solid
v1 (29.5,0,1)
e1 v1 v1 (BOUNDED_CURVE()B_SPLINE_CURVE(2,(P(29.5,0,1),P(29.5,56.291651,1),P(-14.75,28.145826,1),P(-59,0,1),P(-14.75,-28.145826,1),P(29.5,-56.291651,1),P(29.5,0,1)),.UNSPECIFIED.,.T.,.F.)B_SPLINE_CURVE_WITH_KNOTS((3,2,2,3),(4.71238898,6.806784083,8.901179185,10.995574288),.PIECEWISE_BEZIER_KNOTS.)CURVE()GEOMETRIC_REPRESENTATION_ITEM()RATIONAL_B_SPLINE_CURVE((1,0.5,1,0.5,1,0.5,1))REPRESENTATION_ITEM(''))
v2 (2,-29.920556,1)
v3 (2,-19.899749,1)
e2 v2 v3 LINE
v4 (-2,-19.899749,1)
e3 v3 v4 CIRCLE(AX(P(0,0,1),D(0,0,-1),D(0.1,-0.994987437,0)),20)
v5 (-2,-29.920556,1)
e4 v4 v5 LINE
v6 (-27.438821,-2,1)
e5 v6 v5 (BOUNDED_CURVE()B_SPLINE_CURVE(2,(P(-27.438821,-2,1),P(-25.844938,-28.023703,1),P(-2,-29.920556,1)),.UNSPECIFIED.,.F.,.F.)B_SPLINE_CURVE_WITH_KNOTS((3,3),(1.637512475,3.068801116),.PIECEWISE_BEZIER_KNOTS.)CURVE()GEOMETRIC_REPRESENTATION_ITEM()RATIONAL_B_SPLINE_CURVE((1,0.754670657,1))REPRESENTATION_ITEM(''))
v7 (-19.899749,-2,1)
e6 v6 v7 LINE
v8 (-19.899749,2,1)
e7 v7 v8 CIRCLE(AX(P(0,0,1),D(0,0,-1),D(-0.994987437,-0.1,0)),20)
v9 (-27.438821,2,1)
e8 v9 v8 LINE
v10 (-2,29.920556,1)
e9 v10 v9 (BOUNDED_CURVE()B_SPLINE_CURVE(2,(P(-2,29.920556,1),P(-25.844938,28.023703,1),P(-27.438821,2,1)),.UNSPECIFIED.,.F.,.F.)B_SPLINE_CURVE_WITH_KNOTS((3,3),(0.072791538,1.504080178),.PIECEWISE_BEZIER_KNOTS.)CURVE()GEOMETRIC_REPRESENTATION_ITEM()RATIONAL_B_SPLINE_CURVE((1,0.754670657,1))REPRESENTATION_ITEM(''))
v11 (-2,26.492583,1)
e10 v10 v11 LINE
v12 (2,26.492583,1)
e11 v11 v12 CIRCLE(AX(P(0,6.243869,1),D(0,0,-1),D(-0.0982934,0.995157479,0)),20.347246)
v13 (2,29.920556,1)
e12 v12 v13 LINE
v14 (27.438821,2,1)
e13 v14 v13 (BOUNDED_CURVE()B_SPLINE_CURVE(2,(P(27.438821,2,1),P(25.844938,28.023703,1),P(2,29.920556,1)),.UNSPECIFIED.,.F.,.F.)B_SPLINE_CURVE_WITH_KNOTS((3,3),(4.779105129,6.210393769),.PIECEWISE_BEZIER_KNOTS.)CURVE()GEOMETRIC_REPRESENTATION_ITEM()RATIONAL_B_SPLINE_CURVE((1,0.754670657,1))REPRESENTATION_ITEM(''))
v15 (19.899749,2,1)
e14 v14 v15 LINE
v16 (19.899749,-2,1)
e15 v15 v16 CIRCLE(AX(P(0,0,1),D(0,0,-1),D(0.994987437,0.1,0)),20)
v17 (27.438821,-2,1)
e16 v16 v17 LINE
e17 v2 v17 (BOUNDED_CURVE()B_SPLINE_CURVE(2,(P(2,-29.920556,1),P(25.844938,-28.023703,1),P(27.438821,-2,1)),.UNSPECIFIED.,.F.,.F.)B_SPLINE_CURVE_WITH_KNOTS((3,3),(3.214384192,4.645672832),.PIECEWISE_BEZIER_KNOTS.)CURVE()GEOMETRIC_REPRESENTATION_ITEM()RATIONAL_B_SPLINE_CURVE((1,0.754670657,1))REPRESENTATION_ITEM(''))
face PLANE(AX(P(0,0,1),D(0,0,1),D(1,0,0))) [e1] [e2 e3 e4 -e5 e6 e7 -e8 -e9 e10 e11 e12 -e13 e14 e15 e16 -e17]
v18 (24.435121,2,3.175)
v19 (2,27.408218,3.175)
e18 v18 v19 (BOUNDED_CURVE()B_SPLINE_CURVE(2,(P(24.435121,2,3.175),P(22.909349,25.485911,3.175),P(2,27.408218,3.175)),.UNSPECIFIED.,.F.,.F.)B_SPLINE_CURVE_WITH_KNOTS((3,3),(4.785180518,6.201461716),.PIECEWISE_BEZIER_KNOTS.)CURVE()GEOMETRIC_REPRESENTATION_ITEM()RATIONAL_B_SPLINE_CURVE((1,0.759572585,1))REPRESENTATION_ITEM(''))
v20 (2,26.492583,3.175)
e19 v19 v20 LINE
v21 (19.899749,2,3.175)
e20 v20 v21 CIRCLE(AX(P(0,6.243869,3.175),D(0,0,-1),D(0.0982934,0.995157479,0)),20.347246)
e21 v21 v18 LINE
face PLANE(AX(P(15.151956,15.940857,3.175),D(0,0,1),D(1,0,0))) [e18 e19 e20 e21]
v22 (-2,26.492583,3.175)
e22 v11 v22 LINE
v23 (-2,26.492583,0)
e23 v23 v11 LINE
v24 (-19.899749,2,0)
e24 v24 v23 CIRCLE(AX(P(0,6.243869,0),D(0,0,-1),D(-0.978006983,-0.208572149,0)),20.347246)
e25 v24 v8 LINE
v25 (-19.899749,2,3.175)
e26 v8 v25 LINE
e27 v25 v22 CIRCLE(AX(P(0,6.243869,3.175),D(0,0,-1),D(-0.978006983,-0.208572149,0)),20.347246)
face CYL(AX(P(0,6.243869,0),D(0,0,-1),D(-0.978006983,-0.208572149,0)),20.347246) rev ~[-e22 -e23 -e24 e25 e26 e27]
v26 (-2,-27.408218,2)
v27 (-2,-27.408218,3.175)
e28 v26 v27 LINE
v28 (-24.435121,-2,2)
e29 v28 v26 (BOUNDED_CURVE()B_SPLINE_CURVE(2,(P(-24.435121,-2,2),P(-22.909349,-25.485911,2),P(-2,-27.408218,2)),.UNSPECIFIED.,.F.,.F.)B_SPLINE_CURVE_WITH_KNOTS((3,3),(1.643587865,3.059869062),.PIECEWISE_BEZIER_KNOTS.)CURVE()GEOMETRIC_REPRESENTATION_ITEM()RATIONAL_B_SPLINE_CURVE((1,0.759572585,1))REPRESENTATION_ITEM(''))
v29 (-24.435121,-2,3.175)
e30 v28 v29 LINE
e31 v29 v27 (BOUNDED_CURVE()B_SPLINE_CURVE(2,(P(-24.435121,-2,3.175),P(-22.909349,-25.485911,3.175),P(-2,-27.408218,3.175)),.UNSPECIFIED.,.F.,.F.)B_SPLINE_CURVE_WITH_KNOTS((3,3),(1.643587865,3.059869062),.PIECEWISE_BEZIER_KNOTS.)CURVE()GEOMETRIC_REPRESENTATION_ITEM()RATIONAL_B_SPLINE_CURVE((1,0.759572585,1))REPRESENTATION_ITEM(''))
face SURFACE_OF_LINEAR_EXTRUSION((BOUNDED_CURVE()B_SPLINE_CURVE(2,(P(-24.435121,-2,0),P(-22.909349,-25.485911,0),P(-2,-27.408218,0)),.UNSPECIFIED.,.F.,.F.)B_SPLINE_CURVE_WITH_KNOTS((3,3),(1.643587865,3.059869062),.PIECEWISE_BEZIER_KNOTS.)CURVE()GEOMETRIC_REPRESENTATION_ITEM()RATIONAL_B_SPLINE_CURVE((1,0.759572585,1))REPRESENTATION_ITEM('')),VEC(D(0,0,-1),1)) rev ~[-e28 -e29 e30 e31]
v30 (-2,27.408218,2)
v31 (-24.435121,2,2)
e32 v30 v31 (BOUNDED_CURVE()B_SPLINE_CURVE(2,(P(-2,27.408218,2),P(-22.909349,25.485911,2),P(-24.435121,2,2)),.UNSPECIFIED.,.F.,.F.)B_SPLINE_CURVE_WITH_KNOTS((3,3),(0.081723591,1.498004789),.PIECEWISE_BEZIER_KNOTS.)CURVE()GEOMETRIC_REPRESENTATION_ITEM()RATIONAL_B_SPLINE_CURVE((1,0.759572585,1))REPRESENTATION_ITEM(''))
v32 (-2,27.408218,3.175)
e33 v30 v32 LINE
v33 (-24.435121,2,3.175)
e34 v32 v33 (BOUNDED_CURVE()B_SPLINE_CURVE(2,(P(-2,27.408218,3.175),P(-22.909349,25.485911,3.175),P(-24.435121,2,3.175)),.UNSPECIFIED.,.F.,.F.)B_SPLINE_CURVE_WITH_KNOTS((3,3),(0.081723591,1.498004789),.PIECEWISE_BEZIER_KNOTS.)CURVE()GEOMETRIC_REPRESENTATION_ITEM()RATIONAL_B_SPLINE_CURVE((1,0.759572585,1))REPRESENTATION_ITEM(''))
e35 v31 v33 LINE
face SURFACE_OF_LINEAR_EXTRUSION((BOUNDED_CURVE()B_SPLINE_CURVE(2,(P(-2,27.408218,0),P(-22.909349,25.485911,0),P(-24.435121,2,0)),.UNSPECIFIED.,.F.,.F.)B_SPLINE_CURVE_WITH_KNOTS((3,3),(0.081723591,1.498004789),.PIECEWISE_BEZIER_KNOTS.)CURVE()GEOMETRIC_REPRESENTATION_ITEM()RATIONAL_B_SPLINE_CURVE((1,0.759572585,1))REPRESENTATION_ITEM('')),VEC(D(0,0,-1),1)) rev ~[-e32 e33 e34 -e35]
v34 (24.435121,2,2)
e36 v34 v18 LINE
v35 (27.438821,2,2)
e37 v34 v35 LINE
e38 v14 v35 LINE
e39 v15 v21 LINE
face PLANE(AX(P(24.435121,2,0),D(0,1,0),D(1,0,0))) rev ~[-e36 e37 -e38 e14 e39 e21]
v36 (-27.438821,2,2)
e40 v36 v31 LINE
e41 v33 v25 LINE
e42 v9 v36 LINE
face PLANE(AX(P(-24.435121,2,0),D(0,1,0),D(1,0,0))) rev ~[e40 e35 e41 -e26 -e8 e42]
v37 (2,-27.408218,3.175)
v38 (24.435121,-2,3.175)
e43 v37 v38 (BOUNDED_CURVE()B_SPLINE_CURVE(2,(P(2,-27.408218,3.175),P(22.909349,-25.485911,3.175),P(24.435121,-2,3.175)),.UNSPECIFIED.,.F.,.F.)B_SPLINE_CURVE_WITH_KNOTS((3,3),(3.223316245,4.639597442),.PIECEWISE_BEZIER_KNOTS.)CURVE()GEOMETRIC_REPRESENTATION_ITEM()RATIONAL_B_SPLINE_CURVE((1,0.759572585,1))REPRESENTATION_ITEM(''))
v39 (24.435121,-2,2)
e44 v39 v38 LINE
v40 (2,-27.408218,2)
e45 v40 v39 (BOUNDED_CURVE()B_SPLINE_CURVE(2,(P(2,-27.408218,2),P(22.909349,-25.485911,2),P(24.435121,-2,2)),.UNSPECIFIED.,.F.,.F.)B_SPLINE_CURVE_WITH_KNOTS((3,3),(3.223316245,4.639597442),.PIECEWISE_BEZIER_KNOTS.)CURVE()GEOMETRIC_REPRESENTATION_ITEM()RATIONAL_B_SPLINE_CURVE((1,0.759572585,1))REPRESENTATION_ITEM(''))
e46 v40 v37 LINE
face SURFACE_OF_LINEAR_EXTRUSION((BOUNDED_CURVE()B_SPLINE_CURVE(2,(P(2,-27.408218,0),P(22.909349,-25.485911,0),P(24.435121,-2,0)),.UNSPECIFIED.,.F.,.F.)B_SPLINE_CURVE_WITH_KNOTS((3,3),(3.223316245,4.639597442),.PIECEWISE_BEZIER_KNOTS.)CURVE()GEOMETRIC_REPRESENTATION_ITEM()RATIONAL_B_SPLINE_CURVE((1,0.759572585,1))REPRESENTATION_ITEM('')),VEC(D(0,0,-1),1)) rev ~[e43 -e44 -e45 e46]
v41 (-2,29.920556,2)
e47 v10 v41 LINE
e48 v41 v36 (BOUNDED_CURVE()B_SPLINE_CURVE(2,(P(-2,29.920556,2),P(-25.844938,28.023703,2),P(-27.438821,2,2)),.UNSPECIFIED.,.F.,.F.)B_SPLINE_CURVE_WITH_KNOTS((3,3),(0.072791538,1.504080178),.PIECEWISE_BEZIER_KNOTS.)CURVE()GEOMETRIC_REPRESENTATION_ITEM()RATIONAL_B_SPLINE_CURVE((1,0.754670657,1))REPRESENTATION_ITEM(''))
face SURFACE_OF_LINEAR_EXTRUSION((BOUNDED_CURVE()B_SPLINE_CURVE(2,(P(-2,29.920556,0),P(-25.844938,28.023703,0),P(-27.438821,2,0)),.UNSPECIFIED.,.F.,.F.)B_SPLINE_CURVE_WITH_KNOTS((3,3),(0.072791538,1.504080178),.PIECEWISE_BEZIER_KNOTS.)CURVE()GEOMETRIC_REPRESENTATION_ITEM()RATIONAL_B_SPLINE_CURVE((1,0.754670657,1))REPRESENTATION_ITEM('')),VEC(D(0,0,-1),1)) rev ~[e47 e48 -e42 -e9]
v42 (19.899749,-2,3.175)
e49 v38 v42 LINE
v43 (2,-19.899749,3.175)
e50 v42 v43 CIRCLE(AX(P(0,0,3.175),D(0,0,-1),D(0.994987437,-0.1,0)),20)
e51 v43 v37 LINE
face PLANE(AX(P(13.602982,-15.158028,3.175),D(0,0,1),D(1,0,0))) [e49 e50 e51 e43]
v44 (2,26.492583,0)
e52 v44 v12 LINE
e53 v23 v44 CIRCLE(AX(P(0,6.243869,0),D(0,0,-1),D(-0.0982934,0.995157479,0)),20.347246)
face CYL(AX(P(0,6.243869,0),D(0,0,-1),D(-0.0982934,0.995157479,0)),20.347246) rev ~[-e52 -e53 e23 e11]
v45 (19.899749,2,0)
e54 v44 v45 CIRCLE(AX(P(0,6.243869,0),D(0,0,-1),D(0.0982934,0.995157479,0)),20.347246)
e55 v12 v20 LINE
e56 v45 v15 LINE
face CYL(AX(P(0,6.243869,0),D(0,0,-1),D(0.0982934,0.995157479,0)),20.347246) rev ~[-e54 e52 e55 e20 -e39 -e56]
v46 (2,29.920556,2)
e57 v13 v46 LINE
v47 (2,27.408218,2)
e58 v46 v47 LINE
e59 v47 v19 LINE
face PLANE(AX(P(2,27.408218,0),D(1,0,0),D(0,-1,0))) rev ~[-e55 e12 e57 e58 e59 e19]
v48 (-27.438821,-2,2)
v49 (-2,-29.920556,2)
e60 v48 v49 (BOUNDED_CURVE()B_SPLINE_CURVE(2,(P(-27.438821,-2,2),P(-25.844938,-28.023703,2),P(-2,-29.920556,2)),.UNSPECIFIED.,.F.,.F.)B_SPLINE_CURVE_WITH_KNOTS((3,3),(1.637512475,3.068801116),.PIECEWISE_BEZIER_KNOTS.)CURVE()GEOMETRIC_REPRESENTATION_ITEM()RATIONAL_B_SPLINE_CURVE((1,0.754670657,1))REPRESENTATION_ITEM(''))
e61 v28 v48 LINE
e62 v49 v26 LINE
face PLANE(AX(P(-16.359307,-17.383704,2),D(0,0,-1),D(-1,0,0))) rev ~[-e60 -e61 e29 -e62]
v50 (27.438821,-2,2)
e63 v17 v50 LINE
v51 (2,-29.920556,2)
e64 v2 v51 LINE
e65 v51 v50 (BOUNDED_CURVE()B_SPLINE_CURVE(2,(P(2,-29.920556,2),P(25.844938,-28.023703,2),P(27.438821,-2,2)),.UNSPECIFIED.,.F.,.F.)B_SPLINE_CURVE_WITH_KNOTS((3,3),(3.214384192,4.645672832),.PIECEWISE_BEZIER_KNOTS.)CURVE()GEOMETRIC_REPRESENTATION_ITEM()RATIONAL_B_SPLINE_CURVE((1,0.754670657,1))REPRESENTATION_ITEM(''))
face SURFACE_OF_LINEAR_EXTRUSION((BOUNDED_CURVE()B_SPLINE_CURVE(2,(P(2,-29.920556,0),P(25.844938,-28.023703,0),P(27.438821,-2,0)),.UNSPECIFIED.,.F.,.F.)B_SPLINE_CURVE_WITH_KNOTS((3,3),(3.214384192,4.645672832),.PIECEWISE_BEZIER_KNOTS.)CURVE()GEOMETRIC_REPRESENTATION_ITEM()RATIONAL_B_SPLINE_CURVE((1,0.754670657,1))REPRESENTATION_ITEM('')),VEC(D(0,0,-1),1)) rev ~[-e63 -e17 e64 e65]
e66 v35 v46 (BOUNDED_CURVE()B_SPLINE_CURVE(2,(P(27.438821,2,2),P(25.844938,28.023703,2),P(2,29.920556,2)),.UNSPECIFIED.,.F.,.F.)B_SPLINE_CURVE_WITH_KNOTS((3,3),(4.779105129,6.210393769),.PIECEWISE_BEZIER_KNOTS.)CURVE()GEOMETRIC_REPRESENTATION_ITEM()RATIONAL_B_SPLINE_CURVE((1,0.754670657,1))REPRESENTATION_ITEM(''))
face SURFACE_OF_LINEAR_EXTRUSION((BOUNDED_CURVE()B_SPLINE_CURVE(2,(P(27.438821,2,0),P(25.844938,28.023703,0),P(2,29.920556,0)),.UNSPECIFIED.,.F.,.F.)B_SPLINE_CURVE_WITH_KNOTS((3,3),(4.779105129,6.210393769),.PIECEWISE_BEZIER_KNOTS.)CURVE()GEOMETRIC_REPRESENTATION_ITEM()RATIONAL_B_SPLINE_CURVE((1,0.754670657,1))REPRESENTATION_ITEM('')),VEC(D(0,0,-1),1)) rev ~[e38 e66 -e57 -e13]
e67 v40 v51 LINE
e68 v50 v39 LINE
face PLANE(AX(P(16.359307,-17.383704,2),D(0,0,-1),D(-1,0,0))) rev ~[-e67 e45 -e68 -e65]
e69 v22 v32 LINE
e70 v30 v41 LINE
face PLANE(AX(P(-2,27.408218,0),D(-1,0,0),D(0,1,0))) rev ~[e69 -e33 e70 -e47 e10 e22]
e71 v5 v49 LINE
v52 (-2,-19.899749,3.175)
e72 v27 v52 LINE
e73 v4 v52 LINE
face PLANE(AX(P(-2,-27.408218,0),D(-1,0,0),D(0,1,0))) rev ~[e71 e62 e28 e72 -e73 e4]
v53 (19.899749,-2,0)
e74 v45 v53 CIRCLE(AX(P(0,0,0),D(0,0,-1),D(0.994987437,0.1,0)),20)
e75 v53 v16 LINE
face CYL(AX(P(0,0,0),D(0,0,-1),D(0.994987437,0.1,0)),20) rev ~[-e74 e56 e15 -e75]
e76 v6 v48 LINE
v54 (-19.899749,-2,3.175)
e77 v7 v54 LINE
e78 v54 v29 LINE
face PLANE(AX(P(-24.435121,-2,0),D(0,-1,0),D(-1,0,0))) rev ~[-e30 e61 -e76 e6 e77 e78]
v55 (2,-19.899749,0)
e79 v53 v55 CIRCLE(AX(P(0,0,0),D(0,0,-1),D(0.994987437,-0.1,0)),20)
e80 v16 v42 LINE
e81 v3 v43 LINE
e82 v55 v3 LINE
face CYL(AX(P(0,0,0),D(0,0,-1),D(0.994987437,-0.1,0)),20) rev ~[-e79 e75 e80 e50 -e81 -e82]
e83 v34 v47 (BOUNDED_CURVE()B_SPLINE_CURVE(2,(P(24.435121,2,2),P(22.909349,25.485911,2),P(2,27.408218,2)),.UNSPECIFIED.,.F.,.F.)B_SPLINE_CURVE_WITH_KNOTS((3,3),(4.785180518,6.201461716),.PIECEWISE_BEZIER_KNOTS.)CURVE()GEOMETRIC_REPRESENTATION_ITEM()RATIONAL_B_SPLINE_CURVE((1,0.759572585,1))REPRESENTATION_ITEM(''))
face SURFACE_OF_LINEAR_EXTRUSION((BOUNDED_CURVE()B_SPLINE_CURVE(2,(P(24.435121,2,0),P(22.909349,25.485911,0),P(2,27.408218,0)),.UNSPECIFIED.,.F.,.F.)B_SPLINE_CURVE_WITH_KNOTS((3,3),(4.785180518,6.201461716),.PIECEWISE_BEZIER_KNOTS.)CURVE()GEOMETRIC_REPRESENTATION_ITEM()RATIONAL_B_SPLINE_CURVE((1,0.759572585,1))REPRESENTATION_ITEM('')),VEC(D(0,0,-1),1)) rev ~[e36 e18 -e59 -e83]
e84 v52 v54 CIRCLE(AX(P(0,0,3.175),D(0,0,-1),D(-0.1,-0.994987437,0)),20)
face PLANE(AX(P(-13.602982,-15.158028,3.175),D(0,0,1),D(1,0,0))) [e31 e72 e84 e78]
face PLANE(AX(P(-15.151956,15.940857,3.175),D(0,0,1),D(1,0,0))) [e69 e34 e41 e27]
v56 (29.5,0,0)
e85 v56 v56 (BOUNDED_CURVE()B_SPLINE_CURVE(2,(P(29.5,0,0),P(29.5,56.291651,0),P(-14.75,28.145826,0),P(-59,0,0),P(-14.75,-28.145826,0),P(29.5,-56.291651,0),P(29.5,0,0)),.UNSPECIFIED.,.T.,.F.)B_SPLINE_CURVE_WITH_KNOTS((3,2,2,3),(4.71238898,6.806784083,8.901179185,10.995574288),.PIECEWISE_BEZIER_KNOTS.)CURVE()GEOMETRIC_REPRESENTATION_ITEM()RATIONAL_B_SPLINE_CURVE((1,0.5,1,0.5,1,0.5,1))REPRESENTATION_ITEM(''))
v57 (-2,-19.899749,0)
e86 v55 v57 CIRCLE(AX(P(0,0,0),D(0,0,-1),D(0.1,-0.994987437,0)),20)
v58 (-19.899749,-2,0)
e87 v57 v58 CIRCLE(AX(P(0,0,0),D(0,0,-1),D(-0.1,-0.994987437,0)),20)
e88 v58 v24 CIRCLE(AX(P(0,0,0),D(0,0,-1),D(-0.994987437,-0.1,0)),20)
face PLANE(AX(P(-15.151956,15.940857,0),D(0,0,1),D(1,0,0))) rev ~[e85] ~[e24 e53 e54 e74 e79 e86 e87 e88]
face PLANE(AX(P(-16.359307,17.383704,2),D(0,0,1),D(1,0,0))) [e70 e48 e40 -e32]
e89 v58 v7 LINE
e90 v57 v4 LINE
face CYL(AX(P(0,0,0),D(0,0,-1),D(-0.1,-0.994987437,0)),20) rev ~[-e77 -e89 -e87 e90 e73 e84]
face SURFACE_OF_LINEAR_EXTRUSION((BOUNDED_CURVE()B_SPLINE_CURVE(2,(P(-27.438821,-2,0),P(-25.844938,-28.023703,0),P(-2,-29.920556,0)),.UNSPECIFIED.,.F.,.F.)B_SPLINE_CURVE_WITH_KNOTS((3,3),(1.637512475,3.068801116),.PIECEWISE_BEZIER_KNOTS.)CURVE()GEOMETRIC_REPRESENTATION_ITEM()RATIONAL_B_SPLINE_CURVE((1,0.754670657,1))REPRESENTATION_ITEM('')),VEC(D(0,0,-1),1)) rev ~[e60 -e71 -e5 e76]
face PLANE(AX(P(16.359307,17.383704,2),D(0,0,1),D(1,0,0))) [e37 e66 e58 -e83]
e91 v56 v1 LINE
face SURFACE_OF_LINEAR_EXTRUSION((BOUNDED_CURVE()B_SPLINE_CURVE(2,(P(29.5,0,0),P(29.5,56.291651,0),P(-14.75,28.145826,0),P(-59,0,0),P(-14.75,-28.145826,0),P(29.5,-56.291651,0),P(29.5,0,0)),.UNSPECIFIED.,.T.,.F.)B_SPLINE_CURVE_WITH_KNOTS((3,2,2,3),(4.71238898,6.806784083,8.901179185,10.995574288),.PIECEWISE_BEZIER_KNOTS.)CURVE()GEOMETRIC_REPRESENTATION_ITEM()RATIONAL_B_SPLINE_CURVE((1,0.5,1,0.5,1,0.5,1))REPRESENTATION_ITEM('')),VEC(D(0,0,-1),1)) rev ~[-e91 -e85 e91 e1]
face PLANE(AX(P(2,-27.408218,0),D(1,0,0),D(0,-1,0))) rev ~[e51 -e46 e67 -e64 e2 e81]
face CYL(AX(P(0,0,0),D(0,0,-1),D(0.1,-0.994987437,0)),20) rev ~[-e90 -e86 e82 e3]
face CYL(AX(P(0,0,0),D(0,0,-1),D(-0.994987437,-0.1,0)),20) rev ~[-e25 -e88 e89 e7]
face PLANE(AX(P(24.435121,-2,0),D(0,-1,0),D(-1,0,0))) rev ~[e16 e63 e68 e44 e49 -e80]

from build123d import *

# Parameters (mm, degrees)
F1_DEPTH = 1
F2_DEPTH = 2
F3_DEPTH = 3.175


with BuildPart() as f1:
    # F0 (on Top) → F1 (new body)
    with BuildSketch(Plane.XY):
        with BuildLine():
            add(Edge.make_bspline(
                [(29.5, 0), (29.5, 56.291651246), (-14.75, 28.145825623), (-59, 0), (-14.75, -28.145825623), (29.5, -56.291651246), (29.5, 0)],
                knots=[4.7123889804, 4.7123889804, 4.7123889804, 6.8067840828, 6.8067840828, 8.9011791852, 8.9011791852, 10.9955742876, 10.9955742876, 10.9955742876], degree=2, weights=[1, 0.5, 1, 0.5, 1, 0.5, 1]))
        make_face()
        with BuildLine():
            ThreePointArc((-19.8997487421, -2), (-20, 0), (-19.8997487421, 2))
            Line((-19.8997487421, 2), (-24.435120707, 2))
            Line((-24.435120707, 2), (-27.4388208363, 2))
            add(Edge.make_bspline(
                [(-2, 29.9205559678), (-25.8449375179, 28.0237030929), (-27.4388208363, 2)],
                knots=[0.072791538, 0.072791538, 0.072791538, 1.5040801784, 1.5040801784, 1.5040801784], degree=2, weights=[1, 0.754670657, 1]))
            Line((-2, 29.9205559678), (-2, 27.4082183506))
            Line((-2, 27.4082183506), (-2, 26.492582936))
            ThreePointArc((-2, 26.492582936), (0, 26.5911149078), (2, 26.492582936))
            Line((2, 26.492582936), (2, 27.4082183506))
            Line((2, 27.4082183506), (2, 29.9205559678))
            add(Edge.make_bspline(
                [(27.4388208363, 2), (25.8449375179, 28.0237030929), (2, 29.9205559678)],
                knots=[4.7791051288, 4.7791051288, 4.7791051288, 6.2103937692, 6.2103937692, 6.2103937692], degree=2, weights=[1, 0.754670657, 1]))
            Line((27.4388208363, 2), (24.435120707, 2))
            Line((24.435120707, 2), (19.8997487421, 2))
            ThreePointArc((19.8997487421, 2), (20, 0), (19.8997487421, -2))
            Line((19.8997487421, -2), (24.435120707, -2))
            Line((24.435120707, -2), (27.4388208363, -2))
            add(Edge.make_bspline(
                [(2, -29.9205559678), (25.8449375179, -28.0237030929), (27.4388208363, -2)],
                knots=[3.2143841916, 3.2143841916, 3.2143841916, 4.645672832, 4.645672832, 4.645672832], degree=2, weights=[1, 0.754670657, 1]))
            Line((2, -29.9205559678), (2, -27.4082183506))
            Line((2, -27.4082183506), (2, -19.8997487421))
            ThreePointArc((2, -19.8997487421), (0, -20), (-2, -19.8997487421))
            Line((-2, -19.8997487421), (-2, -27.4082183506))
            Line((-2, -27.4082183506), (-2, -29.9205559678))
            add(Edge.make_bspline(
                [(-27.4388208363, -2), (-25.8449375179, -28.0237030929), (-2, -29.9205559678)],
                knots=[1.6375124752, 1.6375124752, 1.6375124752, 3.0688011156, 3.0688011156, 3.0688011156], degree=2, weights=[1, 0.754670657, 1]))
            Line((-27.4388208363, -2), (-24.435120707, -2))
            Line((-24.435120707, -2), (-19.8997487421, -2))
        make_face(mode=Mode.SUBTRACT)
    extrude(amount=F1_DEPTH)

    # F0 (on Top) → F2 (join)
    with BuildSketch(Plane.XY):
        with BuildLine():
            Line((-27.4388208363, 2), (-24.435120707, 2))
            add(Edge.make_bspline(
                [(-2, 27.4082183506), (-22.9093485273, 25.4859106273), (-24.435120707, 2)],
                knots=[0.0817235912, 0.0817235912, 0.0817235912, 1.4980047888, 1.4980047888, 1.4980047888], degree=2, weights=[1, 0.7595725848, 1]))
            Line((-2, 27.4082183506), (-2, 29.9205559678))
            add(Edge.make_bspline(
                [(-2, 29.9205559678), (-25.8449375179, 28.0237030929), (-27.4388208363, 2)],
                knots=[0.072791538, 0.072791538, 0.072791538, 1.5040801784, 1.5040801784, 1.5040801784], degree=2, weights=[1, 0.754670657, 1]))
        make_face()
        with BuildLine():
            Line((2, 29.9205559678), (2, 27.4082183506))
            add(Edge.make_bspline(
                [(24.435120707, 2), (22.9093485273, 25.4859106273), (2, 27.4082183506)],
                knots=[4.7851805184, 4.7851805184, 4.7851805184, 6.201461716, 6.201461716, 6.201461716], degree=2, weights=[1, 0.7595725848, 1]))
            Line((24.435120707, 2), (27.4388208363, 2))
            add(Edge.make_bspline(
                [(27.4388208363, 2), (25.8449375179, 28.0237030929), (2, 29.9205559678)],
                knots=[4.7791051288, 4.7791051288, 4.7791051288, 6.2103937692, 6.2103937692, 6.2103937692], degree=2, weights=[1, 0.754670657, 1]))
        make_face()
        with BuildLine():
            add(Edge.make_bspline(
                [(2, -27.4082183506), (22.9093485273, -25.4859106273), (24.435120707, -2)],
                knots=[3.2233162448, 3.2233162448, 3.2233162448, 4.6395974424, 4.6395974424, 4.6395974424], degree=2, weights=[1, 0.7595725848, 1]))
            Line((2, -27.4082183506), (2, -29.9205559678))
            add(Edge.make_bspline(
                [(2, -29.9205559678), (25.8449375179, -28.0237030929), (27.4388208363, -2)],
                knots=[3.2143841916, 3.2143841916, 3.2143841916, 4.645672832, 4.645672832, 4.645672832], degree=2, weights=[1, 0.754670657, 1]))
            Line((27.4388208363, -2), (24.435120707, -2))
        make_face()
        with BuildLine():
            add(Edge.make_bspline(
                [(-24.435120707, -2), (-22.9093485273, -25.4859106273), (-2, -27.4082183506)],
                knots=[1.6435878648, 1.6435878648, 1.6435878648, 3.0598690624, 3.0598690624, 3.0598690624], degree=2, weights=[1, 0.7595725848, 1]))
            Line((-24.435120707, -2), (-27.4388208363, -2))
            add(Edge.make_bspline(
                [(-27.4388208363, -2), (-25.8449375179, -28.0237030929), (-2, -29.9205559678)],
                knots=[1.6375124752, 1.6375124752, 1.6375124752, 3.0688011156, 3.0688011156, 3.0688011156], degree=2, weights=[1, 0.754670657, 1]))
            Line((-2, -29.9205559678), (-2, -27.4082183506))
        make_face()
    extrude(amount=F2_DEPTH)

    # F0 (on Top) → F3 (join)
    with BuildSketch(Plane.XY):
        with BuildLine():
            Line((-24.435120707, 2), (-19.8997487421, 2))
            ThreePointArc((-19.8997487421, 2), (-16.4277631911, 18.249659907), (-2, 26.492582936))
            Line((-2, 26.492582936), (-2, 27.4082183506))
            add(Edge.make_bspline(
                [(-2, 27.4082183506), (-22.9093485273, 25.4859106273), (-24.435120707, 2)],
                knots=[0.0817235912, 0.0817235912, 0.0817235912, 1.4980047888, 1.4980047888, 1.4980047888], degree=2, weights=[1, 0.7595725848, 1]))
        make_face()
        with BuildLine():
            Line((2, 27.4082183506), (2, 26.492582936))
            ThreePointArc((2, 26.492582936), (16.4277631911, 18.249659907), (19.8997487421, 2))
            Line((19.8997487421, 2), (24.435120707, 2))
            add(Edge.make_bspline(
                [(24.435120707, 2), (22.9093485273, 25.4859106273), (2, 27.4082183506)],
                knots=[4.7851805184, 4.7851805184, 4.7851805184, 6.201461716, 6.201461716, 6.201461716], degree=2, weights=[1, 0.7595725848, 1]))
        make_face()
        with BuildLine():
            ThreePointArc((19.8997487421, -2), (14.1421356237, -14.1421356237), (2, -19.8997487421))
            Line((2, -19.8997487421), (2, -27.4082183506))
            add(Edge.make_bspline(
                [(2, -27.4082183506), (22.9093485273, -25.4859106273), (24.435120707, -2)],
                knots=[3.2233162448, 3.2233162448, 3.2233162448, 4.6395974424, 4.6395974424, 4.6395974424], degree=2, weights=[1, 0.7595725848, 1]))
            Line((24.435120707, -2), (19.8997487421, -2))
        make_face()
        with BuildLine():
            ThreePointArc((-2, -19.8997487421), (-14.1421356237, -14.1421356237), (-19.8997487421, -2))
            Line((-19.8997487421, -2), (-24.435120707, -2))
            add(Edge.make_bspline(
                [(-24.435120707, -2), (-22.9093485273, -25.4859106273), (-2, -27.4082183506)],
                knots=[1.6435878648, 1.6435878648, 1.6435878648, 3.0598690624, 3.0598690624, 3.0598690624], degree=2, weights=[1, 0.7595725848, 1]))
            Line((-2, -27.4082183506), (-2, -19.8997487421))
        make_face()
    extrude(amount=F3_DEPTH)


solid = f1.part
